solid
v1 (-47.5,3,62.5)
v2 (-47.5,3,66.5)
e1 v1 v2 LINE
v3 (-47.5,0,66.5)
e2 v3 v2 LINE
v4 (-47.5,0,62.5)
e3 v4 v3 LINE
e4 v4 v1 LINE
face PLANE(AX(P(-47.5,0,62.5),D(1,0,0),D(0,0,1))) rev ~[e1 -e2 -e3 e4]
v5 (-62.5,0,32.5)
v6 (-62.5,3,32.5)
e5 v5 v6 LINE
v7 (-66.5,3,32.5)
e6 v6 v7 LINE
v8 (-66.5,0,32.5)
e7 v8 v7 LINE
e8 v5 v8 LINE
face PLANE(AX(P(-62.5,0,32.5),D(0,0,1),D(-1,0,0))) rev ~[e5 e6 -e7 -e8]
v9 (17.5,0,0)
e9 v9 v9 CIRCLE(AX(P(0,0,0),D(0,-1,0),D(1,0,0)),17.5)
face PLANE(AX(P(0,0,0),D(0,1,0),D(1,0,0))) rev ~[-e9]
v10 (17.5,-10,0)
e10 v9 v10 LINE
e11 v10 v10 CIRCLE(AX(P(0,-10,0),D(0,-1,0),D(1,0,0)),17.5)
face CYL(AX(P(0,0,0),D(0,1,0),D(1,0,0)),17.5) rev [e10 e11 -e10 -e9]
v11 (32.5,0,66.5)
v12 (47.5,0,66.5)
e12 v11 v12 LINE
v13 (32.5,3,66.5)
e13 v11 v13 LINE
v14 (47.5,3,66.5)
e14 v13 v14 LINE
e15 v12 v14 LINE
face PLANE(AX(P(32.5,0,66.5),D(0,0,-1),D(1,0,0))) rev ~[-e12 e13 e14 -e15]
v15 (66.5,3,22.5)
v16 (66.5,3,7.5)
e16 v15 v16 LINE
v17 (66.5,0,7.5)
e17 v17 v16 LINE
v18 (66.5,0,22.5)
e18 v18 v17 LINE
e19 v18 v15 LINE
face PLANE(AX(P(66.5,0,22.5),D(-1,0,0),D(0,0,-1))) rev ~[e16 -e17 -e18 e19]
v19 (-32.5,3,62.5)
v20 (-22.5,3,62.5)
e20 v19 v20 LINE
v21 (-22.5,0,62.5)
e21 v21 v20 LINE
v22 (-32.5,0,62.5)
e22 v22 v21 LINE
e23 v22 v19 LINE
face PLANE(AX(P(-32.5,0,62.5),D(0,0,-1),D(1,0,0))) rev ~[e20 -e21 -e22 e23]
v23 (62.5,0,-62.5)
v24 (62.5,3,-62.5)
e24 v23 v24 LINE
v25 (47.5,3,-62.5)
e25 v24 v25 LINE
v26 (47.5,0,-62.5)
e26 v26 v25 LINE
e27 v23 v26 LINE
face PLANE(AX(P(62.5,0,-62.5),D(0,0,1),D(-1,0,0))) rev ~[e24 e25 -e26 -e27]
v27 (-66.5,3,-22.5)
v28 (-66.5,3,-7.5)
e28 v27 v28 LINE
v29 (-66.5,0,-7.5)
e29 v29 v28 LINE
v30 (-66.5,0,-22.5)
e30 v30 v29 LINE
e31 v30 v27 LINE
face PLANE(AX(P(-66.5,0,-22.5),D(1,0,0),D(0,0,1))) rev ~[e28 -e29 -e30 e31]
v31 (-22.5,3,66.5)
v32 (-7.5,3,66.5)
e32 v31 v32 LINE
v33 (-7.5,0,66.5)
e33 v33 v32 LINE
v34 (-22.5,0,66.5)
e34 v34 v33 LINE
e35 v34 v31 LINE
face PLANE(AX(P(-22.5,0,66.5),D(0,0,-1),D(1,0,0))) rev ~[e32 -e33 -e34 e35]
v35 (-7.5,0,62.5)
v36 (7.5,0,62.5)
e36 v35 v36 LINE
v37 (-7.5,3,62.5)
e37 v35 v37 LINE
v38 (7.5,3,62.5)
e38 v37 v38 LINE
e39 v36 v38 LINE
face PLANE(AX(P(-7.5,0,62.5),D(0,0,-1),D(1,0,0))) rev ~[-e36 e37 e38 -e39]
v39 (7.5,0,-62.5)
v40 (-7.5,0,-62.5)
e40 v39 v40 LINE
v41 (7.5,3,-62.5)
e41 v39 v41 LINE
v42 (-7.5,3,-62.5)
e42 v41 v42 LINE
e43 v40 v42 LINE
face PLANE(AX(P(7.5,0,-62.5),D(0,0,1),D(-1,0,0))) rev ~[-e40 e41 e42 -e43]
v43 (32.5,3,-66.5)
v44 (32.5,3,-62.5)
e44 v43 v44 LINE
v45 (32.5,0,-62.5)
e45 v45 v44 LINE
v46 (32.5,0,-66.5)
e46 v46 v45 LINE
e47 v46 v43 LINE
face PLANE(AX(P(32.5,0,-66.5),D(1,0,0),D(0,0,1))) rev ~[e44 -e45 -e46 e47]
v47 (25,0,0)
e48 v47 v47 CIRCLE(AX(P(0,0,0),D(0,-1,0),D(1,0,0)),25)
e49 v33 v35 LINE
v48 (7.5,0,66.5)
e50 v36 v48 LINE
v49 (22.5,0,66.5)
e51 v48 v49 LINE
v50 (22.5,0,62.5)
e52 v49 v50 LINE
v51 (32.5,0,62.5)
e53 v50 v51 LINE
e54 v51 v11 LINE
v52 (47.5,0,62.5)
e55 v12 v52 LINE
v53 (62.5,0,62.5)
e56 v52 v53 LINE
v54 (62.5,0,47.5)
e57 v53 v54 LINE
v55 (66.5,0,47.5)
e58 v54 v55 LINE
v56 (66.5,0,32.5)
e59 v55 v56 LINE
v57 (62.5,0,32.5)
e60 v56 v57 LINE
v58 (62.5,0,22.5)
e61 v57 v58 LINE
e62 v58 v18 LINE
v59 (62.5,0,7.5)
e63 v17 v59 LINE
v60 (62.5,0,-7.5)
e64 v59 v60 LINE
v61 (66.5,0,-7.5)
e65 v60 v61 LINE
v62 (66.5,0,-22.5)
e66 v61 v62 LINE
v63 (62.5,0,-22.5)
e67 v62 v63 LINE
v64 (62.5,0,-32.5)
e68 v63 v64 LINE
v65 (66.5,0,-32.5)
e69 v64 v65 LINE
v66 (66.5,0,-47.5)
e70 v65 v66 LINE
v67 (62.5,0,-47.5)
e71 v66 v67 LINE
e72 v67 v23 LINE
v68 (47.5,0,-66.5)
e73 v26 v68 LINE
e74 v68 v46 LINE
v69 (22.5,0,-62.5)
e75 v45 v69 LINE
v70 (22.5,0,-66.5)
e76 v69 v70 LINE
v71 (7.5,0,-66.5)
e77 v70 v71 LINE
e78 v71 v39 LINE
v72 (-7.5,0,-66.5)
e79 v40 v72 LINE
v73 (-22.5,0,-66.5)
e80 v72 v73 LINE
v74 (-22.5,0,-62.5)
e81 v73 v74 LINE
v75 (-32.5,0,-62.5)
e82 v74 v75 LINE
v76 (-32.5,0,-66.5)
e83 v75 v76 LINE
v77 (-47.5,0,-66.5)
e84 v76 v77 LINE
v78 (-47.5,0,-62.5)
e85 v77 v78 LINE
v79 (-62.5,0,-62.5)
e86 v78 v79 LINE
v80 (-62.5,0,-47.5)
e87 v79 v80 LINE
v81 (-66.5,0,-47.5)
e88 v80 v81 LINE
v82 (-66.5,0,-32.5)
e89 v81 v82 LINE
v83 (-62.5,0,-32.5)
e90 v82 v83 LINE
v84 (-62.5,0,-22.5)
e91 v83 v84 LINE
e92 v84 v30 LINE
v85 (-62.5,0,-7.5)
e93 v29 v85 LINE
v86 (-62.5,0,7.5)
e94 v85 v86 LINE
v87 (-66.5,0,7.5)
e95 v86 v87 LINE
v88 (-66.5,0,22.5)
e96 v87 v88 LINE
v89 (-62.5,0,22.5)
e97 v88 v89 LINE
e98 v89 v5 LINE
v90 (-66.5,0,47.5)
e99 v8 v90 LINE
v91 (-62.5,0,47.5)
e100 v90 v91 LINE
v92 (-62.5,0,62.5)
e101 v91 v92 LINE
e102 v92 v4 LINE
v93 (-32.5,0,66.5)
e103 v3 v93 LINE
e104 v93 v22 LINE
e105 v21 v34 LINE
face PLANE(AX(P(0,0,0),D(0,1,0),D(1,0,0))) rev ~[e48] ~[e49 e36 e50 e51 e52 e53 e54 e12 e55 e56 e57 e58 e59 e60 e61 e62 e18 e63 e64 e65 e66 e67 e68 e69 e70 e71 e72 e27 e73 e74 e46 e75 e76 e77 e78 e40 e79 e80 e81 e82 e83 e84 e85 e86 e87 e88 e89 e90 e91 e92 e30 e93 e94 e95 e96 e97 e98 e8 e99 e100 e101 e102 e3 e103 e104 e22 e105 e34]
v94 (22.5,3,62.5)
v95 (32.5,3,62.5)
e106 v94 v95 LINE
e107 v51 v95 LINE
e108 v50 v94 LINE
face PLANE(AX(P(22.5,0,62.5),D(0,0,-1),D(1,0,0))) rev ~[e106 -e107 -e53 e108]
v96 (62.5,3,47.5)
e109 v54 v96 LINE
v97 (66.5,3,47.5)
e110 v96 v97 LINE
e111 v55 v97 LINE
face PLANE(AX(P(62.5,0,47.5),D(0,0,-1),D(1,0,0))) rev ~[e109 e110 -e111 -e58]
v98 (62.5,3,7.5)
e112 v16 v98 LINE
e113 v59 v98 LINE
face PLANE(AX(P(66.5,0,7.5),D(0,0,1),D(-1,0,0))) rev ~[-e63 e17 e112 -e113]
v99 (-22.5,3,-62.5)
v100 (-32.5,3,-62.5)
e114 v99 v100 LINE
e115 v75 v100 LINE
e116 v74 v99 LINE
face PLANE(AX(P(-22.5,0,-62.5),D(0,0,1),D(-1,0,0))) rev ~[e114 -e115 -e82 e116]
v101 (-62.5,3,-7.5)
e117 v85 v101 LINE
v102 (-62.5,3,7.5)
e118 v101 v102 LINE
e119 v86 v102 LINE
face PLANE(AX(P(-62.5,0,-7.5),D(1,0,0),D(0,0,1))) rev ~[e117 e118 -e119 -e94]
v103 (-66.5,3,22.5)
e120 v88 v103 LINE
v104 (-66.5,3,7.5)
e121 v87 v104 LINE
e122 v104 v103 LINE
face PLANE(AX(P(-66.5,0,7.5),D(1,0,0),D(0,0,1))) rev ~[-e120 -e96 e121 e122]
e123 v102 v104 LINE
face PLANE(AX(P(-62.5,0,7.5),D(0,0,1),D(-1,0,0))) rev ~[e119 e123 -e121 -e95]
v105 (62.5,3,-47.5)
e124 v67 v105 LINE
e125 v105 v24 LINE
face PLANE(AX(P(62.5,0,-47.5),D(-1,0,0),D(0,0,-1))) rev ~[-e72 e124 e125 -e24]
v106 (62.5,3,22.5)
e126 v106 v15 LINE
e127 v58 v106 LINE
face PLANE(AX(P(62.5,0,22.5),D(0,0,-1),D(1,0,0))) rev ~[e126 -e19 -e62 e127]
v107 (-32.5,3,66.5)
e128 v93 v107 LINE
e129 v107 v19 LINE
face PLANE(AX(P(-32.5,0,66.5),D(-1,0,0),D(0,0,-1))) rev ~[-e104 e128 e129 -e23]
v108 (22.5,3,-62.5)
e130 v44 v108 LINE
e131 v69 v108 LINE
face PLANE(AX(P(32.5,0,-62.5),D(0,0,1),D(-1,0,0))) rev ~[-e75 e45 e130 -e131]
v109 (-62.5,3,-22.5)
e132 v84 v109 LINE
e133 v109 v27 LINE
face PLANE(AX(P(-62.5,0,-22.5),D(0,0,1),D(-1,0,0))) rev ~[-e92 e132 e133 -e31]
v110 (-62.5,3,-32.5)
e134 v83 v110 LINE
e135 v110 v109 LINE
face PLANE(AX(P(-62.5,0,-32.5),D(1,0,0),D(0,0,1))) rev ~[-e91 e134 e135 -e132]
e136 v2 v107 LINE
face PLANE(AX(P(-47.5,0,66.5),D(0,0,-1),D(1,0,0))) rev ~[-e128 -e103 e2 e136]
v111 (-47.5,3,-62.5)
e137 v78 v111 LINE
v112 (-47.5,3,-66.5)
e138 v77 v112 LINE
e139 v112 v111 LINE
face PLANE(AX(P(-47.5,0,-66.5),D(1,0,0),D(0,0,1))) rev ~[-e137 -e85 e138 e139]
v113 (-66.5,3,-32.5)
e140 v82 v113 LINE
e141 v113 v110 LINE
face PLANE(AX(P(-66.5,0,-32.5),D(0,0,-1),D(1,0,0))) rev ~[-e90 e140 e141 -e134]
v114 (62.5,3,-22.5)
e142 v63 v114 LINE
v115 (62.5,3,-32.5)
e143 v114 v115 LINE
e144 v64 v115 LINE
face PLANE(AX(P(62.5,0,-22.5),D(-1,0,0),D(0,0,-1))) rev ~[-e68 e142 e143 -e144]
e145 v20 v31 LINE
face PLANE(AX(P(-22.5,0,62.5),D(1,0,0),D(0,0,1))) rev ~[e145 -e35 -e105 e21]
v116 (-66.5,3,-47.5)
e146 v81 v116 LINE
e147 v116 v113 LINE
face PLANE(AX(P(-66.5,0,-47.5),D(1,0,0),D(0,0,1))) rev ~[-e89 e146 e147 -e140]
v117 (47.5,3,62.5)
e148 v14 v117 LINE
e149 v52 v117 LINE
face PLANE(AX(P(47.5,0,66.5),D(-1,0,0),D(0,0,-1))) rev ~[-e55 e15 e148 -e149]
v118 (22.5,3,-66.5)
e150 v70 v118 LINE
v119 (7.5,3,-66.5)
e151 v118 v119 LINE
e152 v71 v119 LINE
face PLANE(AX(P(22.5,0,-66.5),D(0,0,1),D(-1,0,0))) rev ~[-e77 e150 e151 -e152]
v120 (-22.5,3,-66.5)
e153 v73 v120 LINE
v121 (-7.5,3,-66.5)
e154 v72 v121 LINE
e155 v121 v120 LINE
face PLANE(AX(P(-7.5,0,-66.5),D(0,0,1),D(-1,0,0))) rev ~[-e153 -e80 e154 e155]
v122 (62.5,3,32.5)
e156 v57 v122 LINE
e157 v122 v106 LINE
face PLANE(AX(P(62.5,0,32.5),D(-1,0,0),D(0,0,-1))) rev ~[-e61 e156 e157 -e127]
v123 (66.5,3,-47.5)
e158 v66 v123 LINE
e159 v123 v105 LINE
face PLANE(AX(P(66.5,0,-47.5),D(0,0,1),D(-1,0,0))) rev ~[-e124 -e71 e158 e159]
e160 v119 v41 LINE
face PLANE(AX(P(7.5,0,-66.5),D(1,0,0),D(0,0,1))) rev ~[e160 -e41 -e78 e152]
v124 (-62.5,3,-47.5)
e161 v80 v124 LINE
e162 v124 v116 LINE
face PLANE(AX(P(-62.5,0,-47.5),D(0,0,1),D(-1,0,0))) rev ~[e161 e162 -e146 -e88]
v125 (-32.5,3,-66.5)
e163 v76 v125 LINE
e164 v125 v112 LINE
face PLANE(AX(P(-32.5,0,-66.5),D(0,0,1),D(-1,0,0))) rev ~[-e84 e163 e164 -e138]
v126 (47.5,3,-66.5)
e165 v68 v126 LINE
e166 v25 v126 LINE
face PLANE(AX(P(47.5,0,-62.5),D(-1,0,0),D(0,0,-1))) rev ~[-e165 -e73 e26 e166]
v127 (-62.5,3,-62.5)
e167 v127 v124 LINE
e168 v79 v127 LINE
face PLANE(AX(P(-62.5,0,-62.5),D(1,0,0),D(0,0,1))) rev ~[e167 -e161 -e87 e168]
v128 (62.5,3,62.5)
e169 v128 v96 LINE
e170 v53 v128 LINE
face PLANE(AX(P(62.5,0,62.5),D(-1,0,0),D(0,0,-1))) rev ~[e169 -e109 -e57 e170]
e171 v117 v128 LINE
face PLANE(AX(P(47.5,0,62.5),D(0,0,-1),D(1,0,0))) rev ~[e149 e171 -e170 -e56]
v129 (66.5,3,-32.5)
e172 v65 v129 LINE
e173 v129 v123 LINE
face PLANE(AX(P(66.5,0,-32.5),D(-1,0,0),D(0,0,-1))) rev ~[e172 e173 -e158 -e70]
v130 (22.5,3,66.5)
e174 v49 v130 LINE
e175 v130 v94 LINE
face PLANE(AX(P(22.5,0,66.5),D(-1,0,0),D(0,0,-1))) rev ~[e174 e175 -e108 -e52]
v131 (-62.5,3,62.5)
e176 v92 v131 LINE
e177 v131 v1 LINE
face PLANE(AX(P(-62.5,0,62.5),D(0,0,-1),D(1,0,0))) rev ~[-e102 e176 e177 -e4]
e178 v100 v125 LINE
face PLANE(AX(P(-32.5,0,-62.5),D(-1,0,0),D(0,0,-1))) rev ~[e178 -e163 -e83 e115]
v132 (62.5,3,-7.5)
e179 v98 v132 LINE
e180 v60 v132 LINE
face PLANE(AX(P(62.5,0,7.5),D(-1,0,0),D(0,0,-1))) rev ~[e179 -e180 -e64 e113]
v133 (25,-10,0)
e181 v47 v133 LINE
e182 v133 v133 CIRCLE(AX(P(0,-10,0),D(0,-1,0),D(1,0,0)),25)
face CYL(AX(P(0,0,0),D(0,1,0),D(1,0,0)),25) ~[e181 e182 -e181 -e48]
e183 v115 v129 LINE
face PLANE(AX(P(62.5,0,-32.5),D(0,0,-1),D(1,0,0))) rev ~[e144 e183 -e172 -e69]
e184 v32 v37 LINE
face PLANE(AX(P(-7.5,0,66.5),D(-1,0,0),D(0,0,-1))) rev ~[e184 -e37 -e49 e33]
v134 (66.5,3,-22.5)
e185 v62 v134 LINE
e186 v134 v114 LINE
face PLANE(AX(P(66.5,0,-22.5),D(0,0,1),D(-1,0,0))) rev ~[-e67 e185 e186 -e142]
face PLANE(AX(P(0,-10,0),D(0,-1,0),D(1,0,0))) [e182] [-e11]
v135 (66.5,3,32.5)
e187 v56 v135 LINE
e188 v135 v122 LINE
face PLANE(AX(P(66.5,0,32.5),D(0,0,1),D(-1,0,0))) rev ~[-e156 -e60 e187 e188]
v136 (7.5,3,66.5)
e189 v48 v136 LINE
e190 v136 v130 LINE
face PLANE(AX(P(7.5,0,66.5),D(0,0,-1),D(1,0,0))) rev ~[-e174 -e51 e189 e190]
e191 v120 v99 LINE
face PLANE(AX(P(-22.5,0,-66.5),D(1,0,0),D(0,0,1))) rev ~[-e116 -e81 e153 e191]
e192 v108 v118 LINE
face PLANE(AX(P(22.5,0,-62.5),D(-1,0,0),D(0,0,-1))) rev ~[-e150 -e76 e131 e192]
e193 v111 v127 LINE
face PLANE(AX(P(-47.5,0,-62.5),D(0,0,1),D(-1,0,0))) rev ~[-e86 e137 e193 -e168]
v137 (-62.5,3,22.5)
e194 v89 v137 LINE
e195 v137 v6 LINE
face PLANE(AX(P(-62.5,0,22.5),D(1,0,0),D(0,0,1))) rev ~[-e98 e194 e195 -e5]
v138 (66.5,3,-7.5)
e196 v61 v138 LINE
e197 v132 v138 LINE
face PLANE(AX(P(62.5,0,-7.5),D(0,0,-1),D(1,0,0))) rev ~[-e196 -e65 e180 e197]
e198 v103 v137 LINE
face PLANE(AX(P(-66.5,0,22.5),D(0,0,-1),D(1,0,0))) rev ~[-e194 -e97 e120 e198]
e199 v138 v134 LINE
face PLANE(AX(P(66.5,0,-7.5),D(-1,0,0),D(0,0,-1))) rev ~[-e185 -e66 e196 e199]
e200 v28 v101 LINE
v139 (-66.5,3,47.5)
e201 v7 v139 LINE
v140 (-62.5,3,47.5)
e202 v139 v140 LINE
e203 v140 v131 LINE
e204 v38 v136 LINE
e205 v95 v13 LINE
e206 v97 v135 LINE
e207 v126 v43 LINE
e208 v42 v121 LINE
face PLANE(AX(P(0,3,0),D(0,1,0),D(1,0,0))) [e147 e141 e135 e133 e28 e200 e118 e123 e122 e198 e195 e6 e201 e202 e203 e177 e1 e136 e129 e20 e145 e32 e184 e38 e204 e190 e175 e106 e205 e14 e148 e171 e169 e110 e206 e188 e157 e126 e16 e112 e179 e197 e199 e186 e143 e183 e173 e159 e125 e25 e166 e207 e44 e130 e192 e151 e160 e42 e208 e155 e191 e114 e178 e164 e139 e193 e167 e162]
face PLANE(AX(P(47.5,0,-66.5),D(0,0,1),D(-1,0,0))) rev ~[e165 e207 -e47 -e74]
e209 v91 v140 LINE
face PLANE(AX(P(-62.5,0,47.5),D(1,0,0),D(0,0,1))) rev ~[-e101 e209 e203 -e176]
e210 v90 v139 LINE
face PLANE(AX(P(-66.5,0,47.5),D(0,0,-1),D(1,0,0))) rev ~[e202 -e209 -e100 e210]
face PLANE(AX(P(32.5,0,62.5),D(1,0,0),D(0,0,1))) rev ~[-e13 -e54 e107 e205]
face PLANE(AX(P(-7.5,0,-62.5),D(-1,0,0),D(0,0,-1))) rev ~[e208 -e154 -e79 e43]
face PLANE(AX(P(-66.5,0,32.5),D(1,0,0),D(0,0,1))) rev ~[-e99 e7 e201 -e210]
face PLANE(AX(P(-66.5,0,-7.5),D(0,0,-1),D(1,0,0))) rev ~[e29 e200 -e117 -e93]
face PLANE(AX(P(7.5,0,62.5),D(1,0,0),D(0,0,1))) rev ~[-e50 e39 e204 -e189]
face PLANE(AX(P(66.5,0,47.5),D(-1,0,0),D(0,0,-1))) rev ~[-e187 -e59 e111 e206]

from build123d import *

# Parameters (mm, degrees)
BOSS_EXTRUDE1_DEPTH = 3
SKETCH2_R           = 25
SKETCH2_R_2         = 17.5
BOSS_EXTRUDE2_DEPTH = 10


with BuildPart() as part:
    # Sketch1 → Boss-Extrude1 (new body)
    with BuildSketch(Plane(origin=(0, 0, 0), x_dir=(1, 0, 0), z_dir=(0, 1, 0))):
        Polygon((7.5, -62.5), (7.5, -66.5), (22.5, -66.5), (22.5, -62.5), (32.5, -62.5), (32.5, -66.5), (47.5, -66.5), (47.5, -62.5), (57.5, -62.5), (62.5, -62.5), (62.5, -59), (62.5, -47.5), (66.5, -47.5), (66.5, -32.5), (62.5, -32.5), (62.5, -22.5), (66.5, -22.5), (66.5, -7.5), (62.5, -7.5), (62.5, 7.5), (66.5, 7.5), (66.5, 22.5), (62.5, 22.5), (62.5, 32.5), (66.5, 32.5), (66.5, 47.5), (62.5, 47.5), (62.5, 59), (62.5, 62.5), (57.5, 62.5), (47.5, 62.5), (47.5, 66.5), (32.5, 66.5), (32.5, 62.5), (22.5, 62.5), (22.5, 66.5), (7.5, 66.5), (7.5, 62.5), (-7.5, 62.5), (-7.5, 66.5), (-22.5, 66.5), (-22.5, 62.5), (-32.5, 62.5), (-32.5, 66.5), (-47.5, 66.5), (-47.5, 62.5), (-59, 62.5), (-62.5, 62.5), (-62.5, 59), (-62.5, 47.5), (-66.5, 47.5), (-66.5, 32.5), (-62.5, 32.5), (-62.5, 22.5), (-66.5, 22.5), (-66.5, 7.5), (-62.5, 7.5), (-62.5, -7.5), (-66.5, -7.5), (-66.5, -22.5), (-62.5, -22.5), (-62.5, -32.5), (-66.5, -32.5), (-66.5, -47.5), (-62.5, -47.5), (-62.5, -59), (-62.5, -62.5), (-59, -62.5), (-47.5, -62.5), (-47.5, -66.5), (-32.5, -66.5), (-32.5, -62.5), (-22.5, -62.5), (-22.5, -66.5), (-7.5, -66.5), (-7.5, -62.5), align=None)
    extrude(amount=BOSS_EXTRUDE1_DEPTH)

    # Sketch2 → Boss-Extrude2 (add)
    with BuildSketch(Plane.XZ):
        Circle(SKETCH2_R)
        Circle(SKETCH2_R_2, mode=Mode.SUBTRACT)
    extrude(amount=BOSS_EXTRUDE2_DEPTH)


solid = part.part
